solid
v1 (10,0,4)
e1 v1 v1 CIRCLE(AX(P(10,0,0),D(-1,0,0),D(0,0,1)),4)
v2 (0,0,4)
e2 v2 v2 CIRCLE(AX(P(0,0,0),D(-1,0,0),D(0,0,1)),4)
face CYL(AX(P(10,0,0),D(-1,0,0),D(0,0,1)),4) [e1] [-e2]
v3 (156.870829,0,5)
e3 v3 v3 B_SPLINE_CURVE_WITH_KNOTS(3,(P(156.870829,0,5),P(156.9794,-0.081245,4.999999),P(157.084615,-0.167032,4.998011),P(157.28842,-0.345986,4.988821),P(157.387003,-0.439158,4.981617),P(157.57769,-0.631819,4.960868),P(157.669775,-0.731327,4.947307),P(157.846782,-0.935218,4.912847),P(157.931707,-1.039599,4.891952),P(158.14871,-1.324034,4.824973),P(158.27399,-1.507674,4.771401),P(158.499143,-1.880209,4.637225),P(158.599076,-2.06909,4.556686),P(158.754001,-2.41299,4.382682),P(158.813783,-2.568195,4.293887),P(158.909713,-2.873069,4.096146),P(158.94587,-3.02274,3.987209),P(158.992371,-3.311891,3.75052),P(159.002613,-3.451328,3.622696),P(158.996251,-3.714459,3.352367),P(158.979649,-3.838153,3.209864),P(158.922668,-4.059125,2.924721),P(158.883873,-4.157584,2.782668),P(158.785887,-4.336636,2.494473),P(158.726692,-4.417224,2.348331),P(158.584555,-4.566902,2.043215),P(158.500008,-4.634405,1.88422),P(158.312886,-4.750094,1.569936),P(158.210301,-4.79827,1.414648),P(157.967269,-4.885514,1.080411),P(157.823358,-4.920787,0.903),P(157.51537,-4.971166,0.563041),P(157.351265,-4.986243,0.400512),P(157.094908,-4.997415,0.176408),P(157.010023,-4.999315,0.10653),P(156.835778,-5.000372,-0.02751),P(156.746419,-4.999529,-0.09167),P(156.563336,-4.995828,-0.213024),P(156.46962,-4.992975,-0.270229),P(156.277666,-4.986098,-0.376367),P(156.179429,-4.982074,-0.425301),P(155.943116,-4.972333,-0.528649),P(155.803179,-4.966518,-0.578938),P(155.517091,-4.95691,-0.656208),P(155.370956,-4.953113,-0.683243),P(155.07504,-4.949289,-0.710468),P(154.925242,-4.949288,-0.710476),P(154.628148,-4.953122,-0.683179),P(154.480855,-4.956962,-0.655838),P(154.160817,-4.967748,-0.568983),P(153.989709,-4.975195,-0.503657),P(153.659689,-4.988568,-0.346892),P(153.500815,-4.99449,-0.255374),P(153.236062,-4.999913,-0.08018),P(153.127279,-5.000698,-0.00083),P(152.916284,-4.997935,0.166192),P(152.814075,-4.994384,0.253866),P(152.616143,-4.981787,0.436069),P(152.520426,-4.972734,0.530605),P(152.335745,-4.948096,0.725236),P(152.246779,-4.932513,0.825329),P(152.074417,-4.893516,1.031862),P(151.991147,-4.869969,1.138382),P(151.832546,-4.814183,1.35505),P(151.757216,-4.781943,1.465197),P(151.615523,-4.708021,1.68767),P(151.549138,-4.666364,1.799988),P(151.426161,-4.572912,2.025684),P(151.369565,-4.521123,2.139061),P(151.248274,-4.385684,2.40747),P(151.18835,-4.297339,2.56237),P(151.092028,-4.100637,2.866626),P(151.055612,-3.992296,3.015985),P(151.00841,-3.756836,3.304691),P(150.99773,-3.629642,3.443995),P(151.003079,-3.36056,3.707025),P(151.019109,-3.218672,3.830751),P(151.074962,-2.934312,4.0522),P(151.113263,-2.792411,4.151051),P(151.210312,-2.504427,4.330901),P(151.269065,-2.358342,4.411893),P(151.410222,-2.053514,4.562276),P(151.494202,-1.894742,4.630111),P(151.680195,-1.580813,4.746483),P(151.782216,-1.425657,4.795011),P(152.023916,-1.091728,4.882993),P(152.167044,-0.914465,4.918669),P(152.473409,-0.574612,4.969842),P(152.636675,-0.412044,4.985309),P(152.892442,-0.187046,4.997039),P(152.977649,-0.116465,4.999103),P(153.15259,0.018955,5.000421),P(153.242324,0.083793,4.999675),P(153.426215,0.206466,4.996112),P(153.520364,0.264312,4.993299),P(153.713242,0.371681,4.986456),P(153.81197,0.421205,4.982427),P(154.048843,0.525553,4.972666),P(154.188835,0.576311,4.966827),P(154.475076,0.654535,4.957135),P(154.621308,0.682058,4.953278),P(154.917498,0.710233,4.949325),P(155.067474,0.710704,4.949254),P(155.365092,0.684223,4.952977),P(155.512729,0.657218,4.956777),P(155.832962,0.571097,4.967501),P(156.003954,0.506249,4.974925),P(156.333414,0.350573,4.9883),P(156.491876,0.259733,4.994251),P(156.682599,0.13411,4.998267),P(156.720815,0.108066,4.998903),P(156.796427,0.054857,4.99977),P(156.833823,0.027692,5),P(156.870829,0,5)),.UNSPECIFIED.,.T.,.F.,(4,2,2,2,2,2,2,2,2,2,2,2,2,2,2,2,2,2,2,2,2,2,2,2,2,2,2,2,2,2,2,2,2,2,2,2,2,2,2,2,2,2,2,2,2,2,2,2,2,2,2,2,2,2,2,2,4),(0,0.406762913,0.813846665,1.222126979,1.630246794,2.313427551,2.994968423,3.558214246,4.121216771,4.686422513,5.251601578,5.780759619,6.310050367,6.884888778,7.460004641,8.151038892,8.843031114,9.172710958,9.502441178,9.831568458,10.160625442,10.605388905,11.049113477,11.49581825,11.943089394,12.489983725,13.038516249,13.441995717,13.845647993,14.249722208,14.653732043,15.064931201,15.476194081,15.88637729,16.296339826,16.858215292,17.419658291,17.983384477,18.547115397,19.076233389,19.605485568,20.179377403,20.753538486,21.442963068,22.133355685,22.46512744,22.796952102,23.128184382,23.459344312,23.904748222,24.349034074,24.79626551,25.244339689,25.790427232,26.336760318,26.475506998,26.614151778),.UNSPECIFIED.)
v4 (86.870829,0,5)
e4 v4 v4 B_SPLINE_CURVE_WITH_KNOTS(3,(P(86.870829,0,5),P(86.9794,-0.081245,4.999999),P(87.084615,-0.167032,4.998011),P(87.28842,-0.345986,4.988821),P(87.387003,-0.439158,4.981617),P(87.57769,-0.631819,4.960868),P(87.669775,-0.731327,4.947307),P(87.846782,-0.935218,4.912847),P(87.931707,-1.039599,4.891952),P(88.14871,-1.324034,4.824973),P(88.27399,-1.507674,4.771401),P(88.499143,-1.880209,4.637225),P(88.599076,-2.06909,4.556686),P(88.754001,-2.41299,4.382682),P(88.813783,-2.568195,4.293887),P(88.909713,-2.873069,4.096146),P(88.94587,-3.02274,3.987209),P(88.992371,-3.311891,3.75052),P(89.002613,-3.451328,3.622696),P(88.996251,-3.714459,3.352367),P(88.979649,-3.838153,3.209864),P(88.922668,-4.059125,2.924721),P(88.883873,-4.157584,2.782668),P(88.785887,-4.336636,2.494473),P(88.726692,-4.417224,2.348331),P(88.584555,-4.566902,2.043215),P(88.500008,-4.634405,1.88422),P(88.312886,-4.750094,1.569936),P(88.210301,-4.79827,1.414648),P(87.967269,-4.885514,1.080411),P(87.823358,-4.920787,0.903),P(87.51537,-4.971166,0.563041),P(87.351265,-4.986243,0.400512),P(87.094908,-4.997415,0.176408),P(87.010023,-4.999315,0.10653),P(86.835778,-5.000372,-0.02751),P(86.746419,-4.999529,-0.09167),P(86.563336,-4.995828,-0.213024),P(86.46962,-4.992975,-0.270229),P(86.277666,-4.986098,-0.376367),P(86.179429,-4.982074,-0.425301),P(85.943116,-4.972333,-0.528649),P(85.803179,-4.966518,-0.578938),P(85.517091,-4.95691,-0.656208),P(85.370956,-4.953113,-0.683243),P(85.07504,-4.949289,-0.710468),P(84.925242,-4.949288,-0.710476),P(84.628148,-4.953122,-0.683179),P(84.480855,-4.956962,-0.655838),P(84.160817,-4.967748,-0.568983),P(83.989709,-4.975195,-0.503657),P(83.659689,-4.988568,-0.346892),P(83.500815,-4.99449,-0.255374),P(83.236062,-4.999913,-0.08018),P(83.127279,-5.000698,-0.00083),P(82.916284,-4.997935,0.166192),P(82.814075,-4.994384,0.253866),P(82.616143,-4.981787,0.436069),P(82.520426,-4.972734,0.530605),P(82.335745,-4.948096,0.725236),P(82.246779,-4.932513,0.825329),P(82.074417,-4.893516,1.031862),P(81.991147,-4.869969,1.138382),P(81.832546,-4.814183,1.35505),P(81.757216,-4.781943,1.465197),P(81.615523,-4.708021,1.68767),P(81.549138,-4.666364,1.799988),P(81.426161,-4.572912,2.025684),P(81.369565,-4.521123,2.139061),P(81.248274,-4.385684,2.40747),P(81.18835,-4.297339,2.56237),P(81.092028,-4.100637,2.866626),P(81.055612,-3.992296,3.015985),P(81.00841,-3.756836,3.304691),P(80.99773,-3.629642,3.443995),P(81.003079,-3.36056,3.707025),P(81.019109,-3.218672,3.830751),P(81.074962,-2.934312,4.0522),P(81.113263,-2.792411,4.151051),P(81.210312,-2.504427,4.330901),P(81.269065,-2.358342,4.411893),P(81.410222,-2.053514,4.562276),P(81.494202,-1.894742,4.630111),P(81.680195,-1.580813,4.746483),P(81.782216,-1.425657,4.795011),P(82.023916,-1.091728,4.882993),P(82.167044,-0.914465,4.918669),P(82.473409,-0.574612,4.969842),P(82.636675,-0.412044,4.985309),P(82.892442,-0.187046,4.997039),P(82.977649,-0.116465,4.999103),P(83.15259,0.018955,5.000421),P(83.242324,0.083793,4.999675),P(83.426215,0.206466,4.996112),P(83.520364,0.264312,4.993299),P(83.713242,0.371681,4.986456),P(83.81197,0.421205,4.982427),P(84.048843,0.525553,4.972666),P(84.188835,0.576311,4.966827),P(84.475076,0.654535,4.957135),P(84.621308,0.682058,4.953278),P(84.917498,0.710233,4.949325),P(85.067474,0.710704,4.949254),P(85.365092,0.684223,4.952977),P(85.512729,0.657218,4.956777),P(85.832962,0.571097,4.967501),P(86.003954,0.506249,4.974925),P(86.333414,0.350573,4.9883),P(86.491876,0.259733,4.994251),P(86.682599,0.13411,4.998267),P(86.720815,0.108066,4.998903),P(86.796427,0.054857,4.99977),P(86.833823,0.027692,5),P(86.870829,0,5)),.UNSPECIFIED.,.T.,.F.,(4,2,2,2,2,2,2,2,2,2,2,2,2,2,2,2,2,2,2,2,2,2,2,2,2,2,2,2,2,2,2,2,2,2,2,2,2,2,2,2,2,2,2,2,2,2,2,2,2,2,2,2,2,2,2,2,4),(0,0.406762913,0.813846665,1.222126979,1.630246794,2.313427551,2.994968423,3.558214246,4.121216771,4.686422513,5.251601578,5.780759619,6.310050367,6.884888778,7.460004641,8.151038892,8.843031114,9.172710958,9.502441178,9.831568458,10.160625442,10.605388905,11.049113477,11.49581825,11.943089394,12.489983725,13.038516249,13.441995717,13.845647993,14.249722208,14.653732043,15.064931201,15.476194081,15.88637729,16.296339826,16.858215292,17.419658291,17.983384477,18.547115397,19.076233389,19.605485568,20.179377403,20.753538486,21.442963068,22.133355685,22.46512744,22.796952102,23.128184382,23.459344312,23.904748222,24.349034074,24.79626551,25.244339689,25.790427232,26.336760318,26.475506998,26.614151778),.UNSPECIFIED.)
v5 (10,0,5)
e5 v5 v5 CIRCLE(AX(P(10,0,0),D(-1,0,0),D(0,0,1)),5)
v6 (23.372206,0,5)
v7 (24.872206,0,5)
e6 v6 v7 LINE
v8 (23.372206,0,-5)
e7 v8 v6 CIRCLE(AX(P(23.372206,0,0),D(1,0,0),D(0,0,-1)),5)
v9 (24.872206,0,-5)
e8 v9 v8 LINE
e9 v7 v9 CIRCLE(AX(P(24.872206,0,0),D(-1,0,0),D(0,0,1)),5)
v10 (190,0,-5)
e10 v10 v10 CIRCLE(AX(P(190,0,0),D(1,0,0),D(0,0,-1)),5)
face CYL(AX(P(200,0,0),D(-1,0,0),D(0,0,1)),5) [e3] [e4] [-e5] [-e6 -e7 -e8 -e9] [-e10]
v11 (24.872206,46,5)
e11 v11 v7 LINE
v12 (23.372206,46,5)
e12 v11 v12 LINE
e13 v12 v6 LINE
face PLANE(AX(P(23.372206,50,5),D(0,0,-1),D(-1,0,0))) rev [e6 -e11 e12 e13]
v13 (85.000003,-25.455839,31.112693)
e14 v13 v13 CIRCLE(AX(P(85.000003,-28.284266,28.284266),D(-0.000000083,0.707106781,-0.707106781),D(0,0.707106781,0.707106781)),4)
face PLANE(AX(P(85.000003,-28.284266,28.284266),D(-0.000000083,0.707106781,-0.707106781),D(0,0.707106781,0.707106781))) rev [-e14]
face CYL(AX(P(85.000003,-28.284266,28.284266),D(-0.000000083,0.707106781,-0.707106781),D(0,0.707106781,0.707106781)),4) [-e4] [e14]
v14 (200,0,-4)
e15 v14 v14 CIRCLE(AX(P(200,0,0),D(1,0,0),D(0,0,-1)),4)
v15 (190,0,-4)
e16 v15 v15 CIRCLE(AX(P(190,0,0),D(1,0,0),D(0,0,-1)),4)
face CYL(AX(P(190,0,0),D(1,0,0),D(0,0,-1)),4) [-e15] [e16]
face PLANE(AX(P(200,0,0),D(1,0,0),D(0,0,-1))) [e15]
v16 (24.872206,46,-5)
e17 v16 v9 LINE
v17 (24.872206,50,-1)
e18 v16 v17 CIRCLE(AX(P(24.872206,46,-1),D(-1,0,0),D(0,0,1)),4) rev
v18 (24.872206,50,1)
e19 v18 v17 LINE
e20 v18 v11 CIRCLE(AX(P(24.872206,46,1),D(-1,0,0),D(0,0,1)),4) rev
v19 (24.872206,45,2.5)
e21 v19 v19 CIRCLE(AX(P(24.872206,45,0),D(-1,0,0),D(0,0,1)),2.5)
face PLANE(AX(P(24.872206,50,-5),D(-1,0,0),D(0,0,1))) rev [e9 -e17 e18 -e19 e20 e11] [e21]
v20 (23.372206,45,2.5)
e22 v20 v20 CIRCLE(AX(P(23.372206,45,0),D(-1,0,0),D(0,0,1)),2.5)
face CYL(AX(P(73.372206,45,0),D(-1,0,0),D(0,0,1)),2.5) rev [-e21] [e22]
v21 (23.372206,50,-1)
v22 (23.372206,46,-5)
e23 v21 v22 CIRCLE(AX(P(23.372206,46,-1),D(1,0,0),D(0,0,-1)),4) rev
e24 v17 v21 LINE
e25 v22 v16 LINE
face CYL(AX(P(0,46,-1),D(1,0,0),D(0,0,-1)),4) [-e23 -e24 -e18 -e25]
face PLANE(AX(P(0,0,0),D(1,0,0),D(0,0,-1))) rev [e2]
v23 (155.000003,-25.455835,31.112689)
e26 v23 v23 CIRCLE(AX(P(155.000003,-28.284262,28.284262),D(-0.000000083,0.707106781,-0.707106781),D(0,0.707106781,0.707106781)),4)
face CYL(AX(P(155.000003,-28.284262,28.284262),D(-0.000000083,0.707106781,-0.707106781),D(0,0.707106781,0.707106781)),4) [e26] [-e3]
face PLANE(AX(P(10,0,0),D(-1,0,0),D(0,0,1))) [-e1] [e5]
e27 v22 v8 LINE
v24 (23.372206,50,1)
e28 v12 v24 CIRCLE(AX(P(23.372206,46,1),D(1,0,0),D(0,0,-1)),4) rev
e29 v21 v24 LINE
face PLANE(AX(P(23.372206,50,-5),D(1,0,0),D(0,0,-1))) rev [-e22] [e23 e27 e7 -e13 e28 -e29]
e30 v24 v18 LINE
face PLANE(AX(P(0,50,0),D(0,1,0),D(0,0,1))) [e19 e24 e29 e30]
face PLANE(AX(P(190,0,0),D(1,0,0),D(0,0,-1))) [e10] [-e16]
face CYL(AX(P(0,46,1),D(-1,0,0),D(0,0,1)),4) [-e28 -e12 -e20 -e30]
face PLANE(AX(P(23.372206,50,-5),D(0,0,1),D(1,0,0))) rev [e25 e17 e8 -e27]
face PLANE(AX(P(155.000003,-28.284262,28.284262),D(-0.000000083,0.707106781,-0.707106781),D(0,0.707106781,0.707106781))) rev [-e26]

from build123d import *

# Parameters (mm, degrees)
SKETCH1_R           = 5
BOSS_EXTRUDE1_DEPTH = 200
SKETCH3_R           = 5
SKETCH3_R_2         = 4
CUT_EXTRUDE1_DEPTH  = 10
CUT_EXTRUDE2_START  = -10
SKETCH4_R           = 5
SKETCH4_R_2         = 4
CUT_EXTRUDE2_DEPTH  = 10
SKETCH5_W           = 1.5
SKETCH5_H           = 10
BOSS_EXTRUDE2_DEPTH = 50
SKETCH6_R           = 2.5
CUT_EXTRUDE3_DEPTH  = 50
FILLET1_R           = 4
SKETCH8_R           = 4
BOSS_EXTRUDE3_DEPTH = 40


with BuildPart() as part:
    # Sketch1 → Boss-Extrude1 (new body)
    with BuildSketch(Plane(origin=(0, 0, 0), x_dir=(0, 0, -1), z_dir=(1, 0, 0))):
        Circle(SKETCH1_R)
    extrude(amount=BOSS_EXTRUDE1_DEPTH)

    # Sketch3 → Cut-Extrude1 (cut)
    with BuildSketch(Plane.ZY):
        Circle(SKETCH3_R)
        Circle(SKETCH3_R_2, mode=Mode.SUBTRACT)
    extrude(amount=-CUT_EXTRUDE1_DEPTH, mode=Mode.SUBTRACT)

    # Sketch4 → Cut-Extrude2 (cut)
    with BuildSketch(Plane(origin=(200, 0, 0), x_dir=(0, 0, -1), z_dir=(1, 0, 0)).offset(CUT_EXTRUDE2_START)):
        with Locations(Location((0, 0, 0), (0, 0, 180))):
            Circle(SKETCH4_R)
        with Locations(Location((0, 0, 0), (0, 0, 180))):
            Circle(SKETCH4_R_2, mode=Mode.SUBTRACT)
    extrude(amount=CUT_EXTRUDE2_DEPTH, mode=Mode.SUBTRACT)

    # Sketch5 → Boss-Extrude2 (add)
    with BuildSketch(Plane(origin=(0, 0, 0), x_dir=(1, 0, 0), z_dir=(0, 1, 0))):
        with Locations((24.122206293, 0)):
            Rectangle(SKETCH5_W, SKETCH5_H)
    extrude(amount=BOSS_EXTRUDE2_DEPTH)

    # Sketch6 → Cut-Extrude3 (cut)
    with BuildSketch(Plane.ZY.offset(-23.372206293)):
        with Locations((0, 45)):
            Circle(SKETCH6_R)
    extrude(amount=-CUT_EXTRUDE3_DEPTH, mode=Mode.SUBTRACT)

    # Fillet1
    fillet1_edges = [part.edges().sort_by_distance(p)[0] for p in [
        (24.122206293, 50, -5),
        (24.122206293, 50, 5),
    ]]
    fillet(fillet1_edges, radius=FILLET1_R)

    # Sketch8 → Boss-Extrude3 (add)
    with BuildSketch(Plane(origin=(0, 0, 0), x_dir=(0, 0.7071067811865462, 0.7071067811865488), z_dir=(-8.296615423026079e-08, 0.7071067811865465, -0.7071067811865439))):
        with Locations((0, 155)):
            Circle(SKETCH8_R)
        with Locations((0, 85)):
            Circle(SKETCH8_R)
    extrude(amount=-BOSS_EXTRUDE3_DEPTH)


solid = part.part
